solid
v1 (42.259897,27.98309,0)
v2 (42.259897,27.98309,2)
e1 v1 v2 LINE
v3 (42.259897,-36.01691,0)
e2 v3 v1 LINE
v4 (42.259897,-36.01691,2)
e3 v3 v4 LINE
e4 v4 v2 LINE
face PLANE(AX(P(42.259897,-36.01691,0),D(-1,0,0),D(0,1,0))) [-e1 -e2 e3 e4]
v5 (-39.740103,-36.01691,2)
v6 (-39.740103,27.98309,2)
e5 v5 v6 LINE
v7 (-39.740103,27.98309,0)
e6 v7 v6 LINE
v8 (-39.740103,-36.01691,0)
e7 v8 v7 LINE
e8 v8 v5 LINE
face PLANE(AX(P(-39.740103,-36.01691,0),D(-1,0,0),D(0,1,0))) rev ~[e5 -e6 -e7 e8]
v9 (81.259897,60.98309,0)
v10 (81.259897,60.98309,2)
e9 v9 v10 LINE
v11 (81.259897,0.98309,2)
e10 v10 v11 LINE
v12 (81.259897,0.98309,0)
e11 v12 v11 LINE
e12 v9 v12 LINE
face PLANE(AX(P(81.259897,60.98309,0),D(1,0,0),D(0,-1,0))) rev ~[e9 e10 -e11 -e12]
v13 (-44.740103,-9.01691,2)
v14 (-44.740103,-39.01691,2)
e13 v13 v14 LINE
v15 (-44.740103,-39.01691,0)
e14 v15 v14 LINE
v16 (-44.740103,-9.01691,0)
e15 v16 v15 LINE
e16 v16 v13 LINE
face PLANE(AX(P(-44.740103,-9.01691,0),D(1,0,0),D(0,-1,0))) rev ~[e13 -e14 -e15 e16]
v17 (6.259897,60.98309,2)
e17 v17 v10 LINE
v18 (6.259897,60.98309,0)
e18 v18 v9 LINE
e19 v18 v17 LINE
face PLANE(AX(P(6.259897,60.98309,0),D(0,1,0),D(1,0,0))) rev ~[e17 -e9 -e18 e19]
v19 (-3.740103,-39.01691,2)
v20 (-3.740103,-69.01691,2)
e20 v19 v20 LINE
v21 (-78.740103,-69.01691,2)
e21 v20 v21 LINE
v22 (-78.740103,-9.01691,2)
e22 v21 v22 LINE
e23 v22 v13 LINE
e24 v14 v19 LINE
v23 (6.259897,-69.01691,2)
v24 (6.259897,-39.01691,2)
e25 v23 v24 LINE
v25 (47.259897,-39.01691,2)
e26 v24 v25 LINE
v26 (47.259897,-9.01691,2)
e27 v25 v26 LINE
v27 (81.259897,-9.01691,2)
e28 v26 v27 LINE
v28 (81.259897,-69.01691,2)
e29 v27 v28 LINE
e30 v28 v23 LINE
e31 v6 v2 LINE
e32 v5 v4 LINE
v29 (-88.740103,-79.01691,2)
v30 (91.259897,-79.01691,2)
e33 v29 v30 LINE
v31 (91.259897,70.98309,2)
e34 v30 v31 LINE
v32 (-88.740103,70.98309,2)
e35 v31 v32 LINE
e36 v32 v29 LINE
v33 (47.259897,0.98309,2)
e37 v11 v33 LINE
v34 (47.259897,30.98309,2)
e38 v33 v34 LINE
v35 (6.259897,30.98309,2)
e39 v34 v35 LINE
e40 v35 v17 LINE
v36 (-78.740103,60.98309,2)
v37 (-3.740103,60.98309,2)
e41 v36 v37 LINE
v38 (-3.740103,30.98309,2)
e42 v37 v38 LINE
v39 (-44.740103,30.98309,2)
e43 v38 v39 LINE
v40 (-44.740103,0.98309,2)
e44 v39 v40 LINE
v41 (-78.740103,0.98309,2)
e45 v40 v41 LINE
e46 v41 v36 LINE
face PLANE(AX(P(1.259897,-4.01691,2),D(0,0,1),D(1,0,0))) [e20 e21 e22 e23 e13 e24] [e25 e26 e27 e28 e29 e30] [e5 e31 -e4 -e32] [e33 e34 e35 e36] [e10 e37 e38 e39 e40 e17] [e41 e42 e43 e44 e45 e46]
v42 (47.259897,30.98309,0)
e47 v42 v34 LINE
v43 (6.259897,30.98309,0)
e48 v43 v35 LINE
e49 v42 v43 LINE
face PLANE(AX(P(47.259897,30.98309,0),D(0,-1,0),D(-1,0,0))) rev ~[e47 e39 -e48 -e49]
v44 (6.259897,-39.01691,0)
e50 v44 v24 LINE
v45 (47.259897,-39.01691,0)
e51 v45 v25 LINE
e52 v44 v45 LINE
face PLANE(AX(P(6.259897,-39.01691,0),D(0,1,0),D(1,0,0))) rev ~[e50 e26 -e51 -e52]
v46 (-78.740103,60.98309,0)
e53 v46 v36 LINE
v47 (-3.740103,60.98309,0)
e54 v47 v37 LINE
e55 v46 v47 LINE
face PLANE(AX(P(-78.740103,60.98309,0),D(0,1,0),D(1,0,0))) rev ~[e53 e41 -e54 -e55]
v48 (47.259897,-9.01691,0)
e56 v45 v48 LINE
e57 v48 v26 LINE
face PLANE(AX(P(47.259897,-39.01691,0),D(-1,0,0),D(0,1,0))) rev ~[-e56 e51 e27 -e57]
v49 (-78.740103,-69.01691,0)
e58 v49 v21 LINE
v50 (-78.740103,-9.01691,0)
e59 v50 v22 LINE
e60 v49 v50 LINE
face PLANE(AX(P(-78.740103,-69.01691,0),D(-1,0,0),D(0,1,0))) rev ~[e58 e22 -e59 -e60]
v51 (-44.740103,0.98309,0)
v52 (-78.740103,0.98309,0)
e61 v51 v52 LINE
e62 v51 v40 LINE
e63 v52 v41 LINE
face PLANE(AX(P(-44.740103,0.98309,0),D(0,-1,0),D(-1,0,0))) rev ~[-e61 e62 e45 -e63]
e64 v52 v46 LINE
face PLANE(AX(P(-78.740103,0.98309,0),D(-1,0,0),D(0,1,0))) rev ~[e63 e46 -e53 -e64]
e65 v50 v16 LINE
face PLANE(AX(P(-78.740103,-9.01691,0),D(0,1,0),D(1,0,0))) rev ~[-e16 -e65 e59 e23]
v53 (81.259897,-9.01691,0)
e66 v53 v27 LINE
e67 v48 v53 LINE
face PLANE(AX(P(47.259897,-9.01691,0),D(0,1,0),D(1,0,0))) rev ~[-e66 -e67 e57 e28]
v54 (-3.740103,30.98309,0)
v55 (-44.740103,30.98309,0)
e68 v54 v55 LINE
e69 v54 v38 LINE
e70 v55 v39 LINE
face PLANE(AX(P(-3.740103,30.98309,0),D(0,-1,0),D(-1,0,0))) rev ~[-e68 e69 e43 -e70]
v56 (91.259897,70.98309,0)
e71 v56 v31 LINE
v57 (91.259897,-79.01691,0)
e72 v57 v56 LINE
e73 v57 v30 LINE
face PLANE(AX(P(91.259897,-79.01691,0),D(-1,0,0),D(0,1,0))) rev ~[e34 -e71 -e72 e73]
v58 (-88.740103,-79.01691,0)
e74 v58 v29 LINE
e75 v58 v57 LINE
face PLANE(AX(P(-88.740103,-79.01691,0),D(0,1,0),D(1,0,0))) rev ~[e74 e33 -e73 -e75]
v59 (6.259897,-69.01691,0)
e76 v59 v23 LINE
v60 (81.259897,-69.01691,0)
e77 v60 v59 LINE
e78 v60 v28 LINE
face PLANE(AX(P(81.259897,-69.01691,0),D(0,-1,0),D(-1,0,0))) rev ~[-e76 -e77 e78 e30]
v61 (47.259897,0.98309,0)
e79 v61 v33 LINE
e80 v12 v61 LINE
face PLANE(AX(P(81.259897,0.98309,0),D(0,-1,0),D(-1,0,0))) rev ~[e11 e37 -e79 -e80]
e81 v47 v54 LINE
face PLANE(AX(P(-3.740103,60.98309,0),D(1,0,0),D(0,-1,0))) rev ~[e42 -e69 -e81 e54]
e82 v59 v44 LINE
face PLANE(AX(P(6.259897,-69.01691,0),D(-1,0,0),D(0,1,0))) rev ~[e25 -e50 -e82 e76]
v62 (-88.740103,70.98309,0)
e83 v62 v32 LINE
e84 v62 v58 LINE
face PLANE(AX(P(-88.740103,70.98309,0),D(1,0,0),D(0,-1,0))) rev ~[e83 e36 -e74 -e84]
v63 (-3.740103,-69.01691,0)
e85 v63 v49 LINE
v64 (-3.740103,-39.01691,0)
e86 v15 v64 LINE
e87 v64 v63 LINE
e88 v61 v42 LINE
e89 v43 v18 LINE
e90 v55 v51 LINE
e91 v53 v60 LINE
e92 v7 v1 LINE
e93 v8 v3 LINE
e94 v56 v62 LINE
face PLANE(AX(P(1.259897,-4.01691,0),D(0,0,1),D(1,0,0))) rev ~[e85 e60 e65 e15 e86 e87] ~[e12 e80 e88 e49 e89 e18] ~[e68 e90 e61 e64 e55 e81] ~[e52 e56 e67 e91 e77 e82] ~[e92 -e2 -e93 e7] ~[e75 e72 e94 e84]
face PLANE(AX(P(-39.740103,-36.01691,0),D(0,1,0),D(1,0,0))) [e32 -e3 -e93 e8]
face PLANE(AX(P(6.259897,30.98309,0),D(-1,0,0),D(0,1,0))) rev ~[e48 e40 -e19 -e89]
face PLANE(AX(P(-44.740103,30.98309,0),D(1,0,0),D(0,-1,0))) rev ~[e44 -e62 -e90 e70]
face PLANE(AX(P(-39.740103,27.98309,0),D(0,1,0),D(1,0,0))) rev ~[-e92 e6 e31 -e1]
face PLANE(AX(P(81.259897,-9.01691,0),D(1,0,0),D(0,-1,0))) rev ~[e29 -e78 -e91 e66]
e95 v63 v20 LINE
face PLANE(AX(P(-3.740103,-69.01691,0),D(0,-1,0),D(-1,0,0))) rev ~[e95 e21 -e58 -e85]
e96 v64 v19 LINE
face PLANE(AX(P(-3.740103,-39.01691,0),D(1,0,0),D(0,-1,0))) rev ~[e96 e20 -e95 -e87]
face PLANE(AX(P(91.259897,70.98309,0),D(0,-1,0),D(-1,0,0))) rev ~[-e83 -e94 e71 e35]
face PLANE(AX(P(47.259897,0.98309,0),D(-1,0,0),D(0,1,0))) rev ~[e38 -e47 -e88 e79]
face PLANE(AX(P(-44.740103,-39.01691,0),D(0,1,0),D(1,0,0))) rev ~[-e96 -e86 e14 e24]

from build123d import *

# Parameters (mm, degrees)
F0_W     = 82
F0_H     = 64
F1_DEPTH = 2


with BuildPart() as f1:
    # F0 (on Top) → F1 (new body)
    with BuildSketch(Plane.XY):
        Polygon((-3.740103, 70.98309), (-88.740103, 70.98309), (-88.740103, 0.98309), (-88.740103, -9.01691), (-88.740103, -79.01691), (-3.740103, -79.01691), (6.259897, -79.01691), (91.259897, -79.01691), (91.259897, -9.01691), (91.259897, 0.98309), (91.259897, 70.98309), (6.259897, 70.98309), align=None)
        Polygon((-78.740103, -69.01691), (-78.740103, -9.01691), (-44.740103, -9.01691), (-44.740103, -39.01691), (-3.740103, -39.01691), (-3.740103, -69.01691), align=None, mode=Mode.SUBTRACT)
        Polygon((6.259897, -39.01691), (47.259897, -39.01691), (47.259897, -9.01691), (81.259897, -9.01691), (81.259897, -69.01691), (6.259897, -69.01691), align=None, mode=Mode.SUBTRACT)
        Polygon((-78.740103, 60.98309), (-3.740103, 60.98309), (-3.740103, 30.98309), (-44.740103, 30.98309), (-44.740103, 0.98309), (-78.740103, 0.98309), align=None, mode=Mode.SUBTRACT)
        with Locations((1.259897, -4.01691)):
            Rectangle(F0_W, F0_H, mode=Mode.SUBTRACT)
        Polygon((6.259897, 30.98309), (6.259897, 60.98309), (81.259897, 60.98309), (81.259897, 0.98309), (47.259897, 0.98309), (47.259897, 30.98309), align=None, mode=Mode.SUBTRACT)
    extrude(amount=F1_DEPTH)


solid = f1.part
